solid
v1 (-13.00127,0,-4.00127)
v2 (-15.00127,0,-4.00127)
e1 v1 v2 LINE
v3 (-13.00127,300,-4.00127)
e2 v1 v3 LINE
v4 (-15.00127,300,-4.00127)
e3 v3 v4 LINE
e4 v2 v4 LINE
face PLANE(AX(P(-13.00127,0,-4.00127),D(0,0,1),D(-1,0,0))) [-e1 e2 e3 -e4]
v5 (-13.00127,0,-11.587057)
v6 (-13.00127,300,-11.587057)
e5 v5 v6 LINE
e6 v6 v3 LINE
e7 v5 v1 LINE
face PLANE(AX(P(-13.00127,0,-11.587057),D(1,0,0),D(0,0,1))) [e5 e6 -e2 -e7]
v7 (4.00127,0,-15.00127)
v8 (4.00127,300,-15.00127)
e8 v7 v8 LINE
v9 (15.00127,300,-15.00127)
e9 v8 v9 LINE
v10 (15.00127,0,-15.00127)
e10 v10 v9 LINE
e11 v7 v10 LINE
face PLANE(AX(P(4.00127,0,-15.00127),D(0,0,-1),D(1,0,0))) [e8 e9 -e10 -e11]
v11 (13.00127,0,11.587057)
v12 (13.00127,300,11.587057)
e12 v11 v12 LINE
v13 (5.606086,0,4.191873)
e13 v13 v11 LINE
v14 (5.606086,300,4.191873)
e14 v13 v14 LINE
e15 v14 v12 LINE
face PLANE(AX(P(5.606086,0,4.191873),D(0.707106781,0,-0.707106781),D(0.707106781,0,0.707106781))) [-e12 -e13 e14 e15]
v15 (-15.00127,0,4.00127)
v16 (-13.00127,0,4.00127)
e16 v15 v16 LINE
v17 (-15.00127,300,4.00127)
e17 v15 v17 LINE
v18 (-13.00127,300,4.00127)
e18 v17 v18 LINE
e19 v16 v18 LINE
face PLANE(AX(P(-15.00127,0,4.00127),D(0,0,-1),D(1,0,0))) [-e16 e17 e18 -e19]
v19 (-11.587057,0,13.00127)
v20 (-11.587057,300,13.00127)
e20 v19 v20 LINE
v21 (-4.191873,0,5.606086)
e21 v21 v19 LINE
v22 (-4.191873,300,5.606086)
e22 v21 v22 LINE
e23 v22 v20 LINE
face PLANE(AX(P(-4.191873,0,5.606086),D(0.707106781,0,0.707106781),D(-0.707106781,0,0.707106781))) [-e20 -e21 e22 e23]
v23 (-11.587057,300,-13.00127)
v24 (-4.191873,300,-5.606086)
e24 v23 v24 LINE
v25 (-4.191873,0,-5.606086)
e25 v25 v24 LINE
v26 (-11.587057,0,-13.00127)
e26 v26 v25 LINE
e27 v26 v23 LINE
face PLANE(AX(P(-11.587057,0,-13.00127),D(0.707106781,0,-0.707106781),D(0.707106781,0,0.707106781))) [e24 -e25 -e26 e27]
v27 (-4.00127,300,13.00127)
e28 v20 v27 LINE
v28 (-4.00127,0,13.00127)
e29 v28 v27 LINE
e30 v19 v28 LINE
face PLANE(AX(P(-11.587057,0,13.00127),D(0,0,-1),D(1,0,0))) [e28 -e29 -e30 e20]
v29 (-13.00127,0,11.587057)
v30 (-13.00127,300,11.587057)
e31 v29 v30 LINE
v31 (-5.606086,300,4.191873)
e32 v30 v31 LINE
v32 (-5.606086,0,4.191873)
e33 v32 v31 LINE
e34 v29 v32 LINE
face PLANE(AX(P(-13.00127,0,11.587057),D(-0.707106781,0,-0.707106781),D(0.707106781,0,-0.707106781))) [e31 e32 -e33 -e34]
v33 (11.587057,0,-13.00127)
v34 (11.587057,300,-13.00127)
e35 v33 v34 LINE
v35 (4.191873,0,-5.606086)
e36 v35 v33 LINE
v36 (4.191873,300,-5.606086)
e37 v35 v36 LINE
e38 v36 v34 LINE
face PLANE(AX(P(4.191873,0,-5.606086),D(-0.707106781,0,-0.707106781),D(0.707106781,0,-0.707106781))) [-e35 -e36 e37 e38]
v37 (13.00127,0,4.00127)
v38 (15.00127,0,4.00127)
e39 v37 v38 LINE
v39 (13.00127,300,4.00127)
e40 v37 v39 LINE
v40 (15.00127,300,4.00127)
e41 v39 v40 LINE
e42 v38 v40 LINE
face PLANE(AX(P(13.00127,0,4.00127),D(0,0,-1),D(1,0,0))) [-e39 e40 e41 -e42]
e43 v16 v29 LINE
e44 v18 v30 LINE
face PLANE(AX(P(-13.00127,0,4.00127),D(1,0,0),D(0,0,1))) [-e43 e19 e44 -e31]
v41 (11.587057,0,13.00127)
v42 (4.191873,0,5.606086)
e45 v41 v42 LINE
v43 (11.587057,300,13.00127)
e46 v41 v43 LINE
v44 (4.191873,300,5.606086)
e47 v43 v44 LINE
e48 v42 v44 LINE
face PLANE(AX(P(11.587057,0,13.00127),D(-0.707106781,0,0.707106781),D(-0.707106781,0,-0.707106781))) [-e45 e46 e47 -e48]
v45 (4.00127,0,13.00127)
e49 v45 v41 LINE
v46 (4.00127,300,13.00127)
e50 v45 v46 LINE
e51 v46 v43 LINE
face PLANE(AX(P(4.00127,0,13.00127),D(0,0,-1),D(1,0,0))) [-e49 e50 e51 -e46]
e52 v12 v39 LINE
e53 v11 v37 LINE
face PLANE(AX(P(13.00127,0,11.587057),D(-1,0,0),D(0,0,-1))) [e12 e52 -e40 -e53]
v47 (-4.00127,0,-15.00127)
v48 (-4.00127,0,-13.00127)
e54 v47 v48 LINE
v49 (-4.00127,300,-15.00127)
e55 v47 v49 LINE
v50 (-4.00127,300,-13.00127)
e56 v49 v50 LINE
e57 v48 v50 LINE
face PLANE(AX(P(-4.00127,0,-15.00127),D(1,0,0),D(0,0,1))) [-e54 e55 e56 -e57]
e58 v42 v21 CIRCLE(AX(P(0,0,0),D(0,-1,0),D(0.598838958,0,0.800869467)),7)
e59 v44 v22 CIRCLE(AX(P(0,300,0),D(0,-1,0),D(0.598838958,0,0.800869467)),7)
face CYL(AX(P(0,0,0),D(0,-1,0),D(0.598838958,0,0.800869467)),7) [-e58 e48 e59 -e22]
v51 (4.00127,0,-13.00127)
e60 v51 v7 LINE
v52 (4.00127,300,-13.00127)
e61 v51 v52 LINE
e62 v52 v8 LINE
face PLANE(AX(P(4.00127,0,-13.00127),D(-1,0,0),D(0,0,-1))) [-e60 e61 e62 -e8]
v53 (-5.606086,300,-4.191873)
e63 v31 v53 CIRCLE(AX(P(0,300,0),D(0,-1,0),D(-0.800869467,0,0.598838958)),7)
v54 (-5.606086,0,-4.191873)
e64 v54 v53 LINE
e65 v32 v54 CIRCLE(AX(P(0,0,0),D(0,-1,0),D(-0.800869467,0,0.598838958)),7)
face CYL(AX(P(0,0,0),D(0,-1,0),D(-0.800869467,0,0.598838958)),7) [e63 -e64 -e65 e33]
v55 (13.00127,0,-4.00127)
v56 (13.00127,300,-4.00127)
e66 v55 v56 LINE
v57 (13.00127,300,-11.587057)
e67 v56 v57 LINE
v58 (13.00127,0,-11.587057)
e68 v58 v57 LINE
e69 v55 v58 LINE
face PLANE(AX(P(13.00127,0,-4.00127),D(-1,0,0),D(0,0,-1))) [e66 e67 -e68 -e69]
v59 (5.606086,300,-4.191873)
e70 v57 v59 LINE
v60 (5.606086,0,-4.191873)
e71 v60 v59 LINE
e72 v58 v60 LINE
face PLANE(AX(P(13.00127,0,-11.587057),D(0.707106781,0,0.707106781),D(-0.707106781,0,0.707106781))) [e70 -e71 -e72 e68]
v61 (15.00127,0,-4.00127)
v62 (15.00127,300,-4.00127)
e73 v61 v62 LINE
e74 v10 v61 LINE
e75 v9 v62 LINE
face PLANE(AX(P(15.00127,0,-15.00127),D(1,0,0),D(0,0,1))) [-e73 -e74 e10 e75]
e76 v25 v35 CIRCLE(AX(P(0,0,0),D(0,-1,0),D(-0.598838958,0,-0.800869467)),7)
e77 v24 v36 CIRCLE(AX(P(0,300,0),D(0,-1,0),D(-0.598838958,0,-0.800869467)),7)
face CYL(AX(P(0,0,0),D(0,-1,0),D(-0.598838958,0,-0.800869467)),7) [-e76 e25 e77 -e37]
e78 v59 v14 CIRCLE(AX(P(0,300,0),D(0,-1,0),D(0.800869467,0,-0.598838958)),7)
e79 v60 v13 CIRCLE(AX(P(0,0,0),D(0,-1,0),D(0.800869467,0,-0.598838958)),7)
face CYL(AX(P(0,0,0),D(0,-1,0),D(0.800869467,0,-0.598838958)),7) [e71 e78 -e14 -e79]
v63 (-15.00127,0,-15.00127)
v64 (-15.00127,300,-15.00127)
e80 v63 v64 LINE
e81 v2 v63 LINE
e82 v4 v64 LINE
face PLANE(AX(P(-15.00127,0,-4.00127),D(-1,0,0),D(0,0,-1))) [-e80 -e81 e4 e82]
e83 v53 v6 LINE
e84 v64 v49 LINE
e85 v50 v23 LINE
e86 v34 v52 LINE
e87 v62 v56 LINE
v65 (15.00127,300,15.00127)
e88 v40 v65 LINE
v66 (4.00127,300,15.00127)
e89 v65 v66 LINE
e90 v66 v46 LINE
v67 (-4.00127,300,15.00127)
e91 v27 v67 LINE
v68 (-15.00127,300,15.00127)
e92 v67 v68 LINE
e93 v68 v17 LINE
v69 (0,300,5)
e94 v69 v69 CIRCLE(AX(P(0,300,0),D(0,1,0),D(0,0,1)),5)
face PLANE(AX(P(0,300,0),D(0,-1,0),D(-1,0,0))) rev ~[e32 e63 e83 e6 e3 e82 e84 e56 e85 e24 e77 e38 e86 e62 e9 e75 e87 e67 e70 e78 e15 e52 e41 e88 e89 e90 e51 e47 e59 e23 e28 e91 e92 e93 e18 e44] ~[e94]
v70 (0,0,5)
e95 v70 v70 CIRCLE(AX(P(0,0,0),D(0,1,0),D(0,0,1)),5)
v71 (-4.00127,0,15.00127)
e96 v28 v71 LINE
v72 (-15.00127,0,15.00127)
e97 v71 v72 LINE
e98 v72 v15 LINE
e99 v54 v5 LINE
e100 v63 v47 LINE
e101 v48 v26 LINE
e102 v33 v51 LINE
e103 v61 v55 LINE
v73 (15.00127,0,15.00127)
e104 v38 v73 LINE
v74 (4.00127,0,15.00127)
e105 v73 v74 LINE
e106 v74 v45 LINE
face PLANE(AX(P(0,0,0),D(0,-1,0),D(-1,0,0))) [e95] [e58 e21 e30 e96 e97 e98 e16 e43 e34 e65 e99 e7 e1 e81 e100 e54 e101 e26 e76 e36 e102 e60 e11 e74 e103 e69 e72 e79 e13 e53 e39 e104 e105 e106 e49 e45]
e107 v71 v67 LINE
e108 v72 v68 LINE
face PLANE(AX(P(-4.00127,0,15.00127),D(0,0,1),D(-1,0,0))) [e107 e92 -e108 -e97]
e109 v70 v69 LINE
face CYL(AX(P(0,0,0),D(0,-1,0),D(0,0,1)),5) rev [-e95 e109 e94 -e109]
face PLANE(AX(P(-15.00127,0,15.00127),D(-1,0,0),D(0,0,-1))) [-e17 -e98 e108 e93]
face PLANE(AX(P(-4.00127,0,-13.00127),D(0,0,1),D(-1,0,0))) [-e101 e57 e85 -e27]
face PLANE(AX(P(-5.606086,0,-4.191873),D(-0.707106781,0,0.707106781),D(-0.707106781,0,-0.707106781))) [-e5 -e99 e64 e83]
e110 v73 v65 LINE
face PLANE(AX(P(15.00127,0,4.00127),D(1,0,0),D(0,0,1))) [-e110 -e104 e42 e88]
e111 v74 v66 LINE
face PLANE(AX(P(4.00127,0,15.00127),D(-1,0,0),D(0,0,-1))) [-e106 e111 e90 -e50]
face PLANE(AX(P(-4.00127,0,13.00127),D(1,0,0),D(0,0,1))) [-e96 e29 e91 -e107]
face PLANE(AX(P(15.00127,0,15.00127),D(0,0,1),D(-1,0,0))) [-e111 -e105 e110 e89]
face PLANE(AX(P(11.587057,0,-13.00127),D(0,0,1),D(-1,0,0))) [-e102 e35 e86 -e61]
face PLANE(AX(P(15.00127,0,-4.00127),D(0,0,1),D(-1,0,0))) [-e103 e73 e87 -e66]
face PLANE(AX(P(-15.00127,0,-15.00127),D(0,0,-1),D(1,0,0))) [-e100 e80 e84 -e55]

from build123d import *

# Parameters (mm, degrees)
SKETCH1_R           = 5
BOSS_EXTRUDE1_DEPTH = 300


with BuildPart() as part:
    # Sketch1 → Boss-Extrude1 (new body)
    with BuildSketch(Plane(origin=(0, 0, 0), x_dir=(1, 0, 0), z_dir=(0, 1, 0))):
        with BuildLine():
            Line((4.191872704, 5.606086267), (11.5870568, 13.001270363))
            Line((11.5870568, 13.001270363), (4.001270363, 13.001270363))
            Line((4.001270363, 13.001270363), (4.001270363, 15.001270363))
            Line((4.001270363, 15.001270363), (15.001270363, 15.001270363))
            Line((15.001270363, 15.001270363), (15.001270363, 4.001270363))
            Line((15.001270363, 4.001270363), (13.001270363, 4.001270363))
            Line((13.001270363, 4.001270363), (13.001270363, 11.5870568))
            Line((13.001270363, 11.5870568), (5.606086267, 4.191872704))
            ThreePointArc((5.606086267, 4.191872704), (7, 0), (5.606086267, -4.191872704))
            Line((5.606086267, -4.191872704), (13.001270363, -11.5870568))
            Line((13.001270363, -11.5870568), (13.001270363, -4.001270363))
            Line((13.001270363, -4.001270363), (15.001270363, -4.001270363))
            Line((15.001270363, -4.001270363), (15.001270363, -15.001270363))
            Line((15.001270363, -15.001270363), (4.001270363, -15.001270363))
            Line((4.001270363, -15.001270363), (4.001270363, -13.001270363))
            Line((4.001270363, -13.001270363), (11.5870568, -13.001270363))
            Line((11.5870568, -13.001270363), (4.191872704, -5.606086267))
            ThreePointArc((4.191872704, -5.606086267), (0, -7), (-4.191872704, -5.606086267))
            Line((-4.191872704, -5.606086267), (-11.5870568, -13.001270363))
            Line((-11.5870568, -13.001270363), (-4.001270363, -13.001270363))
            Line((-4.001270363, -13.001270363), (-4.001270363, -15.001270363))
            Line((-4.001270363, -15.001270363), (-15.001270363, -15.001270363))
            Line((-15.001270363, -15.001270363), (-15.001270363, -4.001270363))
            Line((-15.001270363, -4.001270363), (-13.001270363, -4.001270363))
            Line((-13.001270363, -4.001270363), (-13.001270363, -11.5870568))
            Line((-13.001270363, -11.5870568), (-5.606086267, -4.191872704))
            ThreePointArc((-5.606086267, -4.191872704), (-7, 0), (-5.606086267, 4.191872704))
            Line((-5.606086267, 4.191872704), (-13.001270363, 11.5870568))
            Line((-13.001270363, 11.5870568), (-13.001270363, 4.001270363))
            Line((-13.001270363, 4.001270363), (-15.001270363, 4.001270363))
            Line((-15.001270363, 4.001270363), (-15.001270363, 15.001270363))
            Line((-15.001270363, 15.001270363), (-4.001270363, 15.001270363))
            Line((-4.001270363, 15.001270363), (-4.001270363, 13.001270363))
            Line((-4.001270363, 13.001270363), (-11.5870568, 13.001270363))
            Line((-11.5870568, 13.001270363), (-4.191872704, 5.606086267))
            ThreePointArc((-4.191872704, 5.606086267), (0, 7), (4.191872704, 5.606086267))
        make_face()
        with Locations(Location((0, 0, 0), (0, 0, 270))):
            Circle(SKETCH1_R, mode=Mode.SUBTRACT)
    extrude(amount=BOSS_EXTRUDE1_DEPTH)


solid = part.part
